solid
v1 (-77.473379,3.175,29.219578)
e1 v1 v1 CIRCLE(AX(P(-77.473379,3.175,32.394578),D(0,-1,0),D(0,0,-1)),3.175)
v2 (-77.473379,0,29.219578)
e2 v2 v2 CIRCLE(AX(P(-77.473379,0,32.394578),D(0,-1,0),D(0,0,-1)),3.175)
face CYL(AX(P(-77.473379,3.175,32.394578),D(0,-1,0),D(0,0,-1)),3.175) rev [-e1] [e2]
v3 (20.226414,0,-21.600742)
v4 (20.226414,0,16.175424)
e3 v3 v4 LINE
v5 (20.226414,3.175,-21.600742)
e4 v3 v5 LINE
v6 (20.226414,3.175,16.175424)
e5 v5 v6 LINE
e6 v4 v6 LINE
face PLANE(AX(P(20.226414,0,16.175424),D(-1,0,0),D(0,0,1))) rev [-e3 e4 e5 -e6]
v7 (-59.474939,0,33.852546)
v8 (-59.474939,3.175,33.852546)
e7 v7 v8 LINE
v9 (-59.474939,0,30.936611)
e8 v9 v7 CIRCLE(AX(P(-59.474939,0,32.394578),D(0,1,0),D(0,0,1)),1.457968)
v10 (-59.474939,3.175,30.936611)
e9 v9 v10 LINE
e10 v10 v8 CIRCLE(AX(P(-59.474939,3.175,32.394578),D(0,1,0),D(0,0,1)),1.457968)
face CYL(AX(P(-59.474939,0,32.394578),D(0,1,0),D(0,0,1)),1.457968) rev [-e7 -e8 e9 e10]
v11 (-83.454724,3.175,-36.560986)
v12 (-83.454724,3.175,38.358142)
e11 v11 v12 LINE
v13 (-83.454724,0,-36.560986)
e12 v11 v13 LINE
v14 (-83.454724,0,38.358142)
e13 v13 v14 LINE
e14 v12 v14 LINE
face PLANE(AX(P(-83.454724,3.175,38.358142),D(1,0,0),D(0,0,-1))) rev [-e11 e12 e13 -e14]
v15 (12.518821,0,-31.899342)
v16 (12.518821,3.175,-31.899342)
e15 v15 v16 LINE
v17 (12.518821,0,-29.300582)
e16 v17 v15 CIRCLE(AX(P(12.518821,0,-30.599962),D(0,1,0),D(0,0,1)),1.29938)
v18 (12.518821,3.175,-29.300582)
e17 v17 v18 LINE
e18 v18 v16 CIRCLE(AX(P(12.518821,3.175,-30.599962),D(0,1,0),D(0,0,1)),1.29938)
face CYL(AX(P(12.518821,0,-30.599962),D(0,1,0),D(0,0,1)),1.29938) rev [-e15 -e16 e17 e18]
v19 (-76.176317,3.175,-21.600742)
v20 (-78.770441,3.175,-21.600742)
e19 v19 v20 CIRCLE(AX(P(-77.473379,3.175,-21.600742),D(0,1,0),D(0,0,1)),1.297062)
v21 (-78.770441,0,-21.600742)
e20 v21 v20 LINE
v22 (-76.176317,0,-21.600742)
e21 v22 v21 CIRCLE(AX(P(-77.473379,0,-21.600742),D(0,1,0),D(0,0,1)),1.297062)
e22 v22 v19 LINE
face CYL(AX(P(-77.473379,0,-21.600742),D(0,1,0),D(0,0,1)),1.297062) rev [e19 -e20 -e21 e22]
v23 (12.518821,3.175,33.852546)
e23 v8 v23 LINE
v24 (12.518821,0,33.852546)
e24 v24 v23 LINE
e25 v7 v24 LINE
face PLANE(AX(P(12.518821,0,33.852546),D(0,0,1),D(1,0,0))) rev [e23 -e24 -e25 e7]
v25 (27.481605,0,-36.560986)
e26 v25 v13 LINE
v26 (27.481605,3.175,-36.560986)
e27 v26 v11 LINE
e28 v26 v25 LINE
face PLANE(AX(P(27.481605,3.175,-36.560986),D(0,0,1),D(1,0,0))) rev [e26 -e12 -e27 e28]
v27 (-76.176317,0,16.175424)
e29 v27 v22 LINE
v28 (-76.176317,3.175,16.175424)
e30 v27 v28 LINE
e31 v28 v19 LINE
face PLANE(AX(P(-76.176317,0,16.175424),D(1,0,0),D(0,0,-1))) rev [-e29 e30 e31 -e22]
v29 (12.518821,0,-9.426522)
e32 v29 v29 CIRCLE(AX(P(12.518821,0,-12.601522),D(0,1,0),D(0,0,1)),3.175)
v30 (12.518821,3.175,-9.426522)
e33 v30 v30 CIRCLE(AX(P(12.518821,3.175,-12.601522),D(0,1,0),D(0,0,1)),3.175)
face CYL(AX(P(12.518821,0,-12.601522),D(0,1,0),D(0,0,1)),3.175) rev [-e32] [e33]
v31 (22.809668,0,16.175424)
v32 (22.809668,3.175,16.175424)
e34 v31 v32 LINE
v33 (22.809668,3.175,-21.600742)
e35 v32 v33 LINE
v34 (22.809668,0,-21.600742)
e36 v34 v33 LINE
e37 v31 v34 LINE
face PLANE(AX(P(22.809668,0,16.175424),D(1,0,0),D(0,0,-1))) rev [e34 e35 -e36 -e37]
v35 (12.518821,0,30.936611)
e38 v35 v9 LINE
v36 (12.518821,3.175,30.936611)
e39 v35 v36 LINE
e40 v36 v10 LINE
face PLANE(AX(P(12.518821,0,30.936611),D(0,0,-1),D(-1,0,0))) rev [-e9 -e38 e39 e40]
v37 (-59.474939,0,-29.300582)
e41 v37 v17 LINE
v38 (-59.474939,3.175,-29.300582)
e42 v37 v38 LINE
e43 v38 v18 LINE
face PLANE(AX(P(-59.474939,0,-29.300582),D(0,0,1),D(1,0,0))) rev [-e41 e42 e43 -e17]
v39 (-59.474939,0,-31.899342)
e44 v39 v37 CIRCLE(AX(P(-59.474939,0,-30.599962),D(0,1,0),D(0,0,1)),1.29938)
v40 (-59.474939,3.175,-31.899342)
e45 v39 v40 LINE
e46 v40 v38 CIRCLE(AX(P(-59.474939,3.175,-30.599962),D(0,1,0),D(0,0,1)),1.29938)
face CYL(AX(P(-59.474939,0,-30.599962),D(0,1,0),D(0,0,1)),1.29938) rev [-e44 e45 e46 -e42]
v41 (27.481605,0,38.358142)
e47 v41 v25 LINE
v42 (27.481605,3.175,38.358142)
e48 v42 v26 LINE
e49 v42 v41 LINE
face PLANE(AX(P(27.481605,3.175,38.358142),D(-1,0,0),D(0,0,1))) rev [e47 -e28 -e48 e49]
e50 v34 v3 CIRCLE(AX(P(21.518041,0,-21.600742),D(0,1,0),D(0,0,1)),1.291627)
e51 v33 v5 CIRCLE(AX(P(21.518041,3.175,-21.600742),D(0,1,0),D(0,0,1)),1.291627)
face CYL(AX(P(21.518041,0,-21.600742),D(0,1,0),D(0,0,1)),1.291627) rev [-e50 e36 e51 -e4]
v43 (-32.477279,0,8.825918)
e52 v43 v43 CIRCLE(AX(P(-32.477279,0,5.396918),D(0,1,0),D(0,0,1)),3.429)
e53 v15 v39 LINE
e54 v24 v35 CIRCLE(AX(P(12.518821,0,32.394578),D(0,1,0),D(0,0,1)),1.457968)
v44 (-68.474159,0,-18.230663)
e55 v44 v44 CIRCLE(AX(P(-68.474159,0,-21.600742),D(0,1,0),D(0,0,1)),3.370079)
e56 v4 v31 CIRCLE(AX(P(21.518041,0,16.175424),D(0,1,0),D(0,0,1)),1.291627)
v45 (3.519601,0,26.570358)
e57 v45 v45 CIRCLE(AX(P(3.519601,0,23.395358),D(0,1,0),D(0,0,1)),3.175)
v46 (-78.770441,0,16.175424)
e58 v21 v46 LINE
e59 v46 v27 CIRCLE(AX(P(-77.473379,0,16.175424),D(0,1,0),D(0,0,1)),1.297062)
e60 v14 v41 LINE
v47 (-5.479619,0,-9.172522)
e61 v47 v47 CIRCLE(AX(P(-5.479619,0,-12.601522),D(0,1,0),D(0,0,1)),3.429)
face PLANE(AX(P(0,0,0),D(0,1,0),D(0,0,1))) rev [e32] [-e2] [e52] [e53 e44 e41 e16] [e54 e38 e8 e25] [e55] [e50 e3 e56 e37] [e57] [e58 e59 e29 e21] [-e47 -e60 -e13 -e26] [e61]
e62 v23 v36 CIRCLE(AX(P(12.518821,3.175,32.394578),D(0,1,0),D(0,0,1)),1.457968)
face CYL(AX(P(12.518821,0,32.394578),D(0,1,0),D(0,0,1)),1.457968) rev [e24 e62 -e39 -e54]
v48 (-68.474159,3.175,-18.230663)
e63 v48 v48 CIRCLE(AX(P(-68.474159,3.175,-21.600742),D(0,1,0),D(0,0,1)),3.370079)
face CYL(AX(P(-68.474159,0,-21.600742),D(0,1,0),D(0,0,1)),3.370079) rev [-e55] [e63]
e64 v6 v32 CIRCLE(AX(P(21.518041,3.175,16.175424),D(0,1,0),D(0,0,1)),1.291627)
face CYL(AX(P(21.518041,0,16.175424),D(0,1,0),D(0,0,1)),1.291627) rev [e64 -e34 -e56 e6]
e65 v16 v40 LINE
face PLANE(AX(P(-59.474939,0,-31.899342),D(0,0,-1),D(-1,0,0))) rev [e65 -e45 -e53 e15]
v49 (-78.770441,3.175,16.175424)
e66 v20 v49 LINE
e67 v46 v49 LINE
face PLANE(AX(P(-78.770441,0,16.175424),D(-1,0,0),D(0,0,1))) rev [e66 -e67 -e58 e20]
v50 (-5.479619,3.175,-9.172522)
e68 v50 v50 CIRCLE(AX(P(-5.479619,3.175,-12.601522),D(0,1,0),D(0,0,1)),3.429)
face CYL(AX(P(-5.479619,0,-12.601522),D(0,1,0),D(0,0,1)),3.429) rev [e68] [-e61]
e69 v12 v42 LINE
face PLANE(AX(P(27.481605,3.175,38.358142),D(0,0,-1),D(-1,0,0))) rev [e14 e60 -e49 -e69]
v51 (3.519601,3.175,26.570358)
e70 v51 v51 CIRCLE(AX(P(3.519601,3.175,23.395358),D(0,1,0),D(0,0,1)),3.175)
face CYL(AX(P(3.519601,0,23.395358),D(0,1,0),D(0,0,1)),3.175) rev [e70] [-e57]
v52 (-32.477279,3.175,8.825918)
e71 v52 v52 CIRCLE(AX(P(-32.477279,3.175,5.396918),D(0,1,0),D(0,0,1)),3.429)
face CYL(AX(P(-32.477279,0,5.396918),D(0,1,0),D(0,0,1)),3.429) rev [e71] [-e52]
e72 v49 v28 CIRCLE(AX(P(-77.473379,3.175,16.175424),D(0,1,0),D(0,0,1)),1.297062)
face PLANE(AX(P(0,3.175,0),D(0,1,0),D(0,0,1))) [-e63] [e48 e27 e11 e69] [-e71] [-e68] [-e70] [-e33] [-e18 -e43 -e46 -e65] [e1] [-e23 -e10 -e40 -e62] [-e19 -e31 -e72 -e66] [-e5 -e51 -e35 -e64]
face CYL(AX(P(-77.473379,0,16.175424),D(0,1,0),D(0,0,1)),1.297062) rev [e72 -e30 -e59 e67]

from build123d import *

# Parameters (mm, degrees)
SKETCH1_W           = 110.936328641
SKETCH1_H           = 74.919128642
BOSS_EXTRUDE1_DEPTH = 3.175
SKETCH2_R           = 3.175
CUT_EXTRUDE1_DEPTH  = 4.175
SKETCH10_R          = 3.175
CUT_EXTRUDE5_DEPTH  = 4.175
CUT_EXTRUDE6_DEPTH  = 4.175
SKETCH12_R          = 3.370079304
SKETCH12_R_2        = 3.429
CUT_EXTRUDE7_DEPTH  = 4.175


with BuildPart() as part:
    # Sketch1 → Boss-Extrude1 (new body)
    with BuildSketch(Plane(origin=(0, 0, 0), x_dir=(1, 0, 0), z_dir=(0, 1, 0))):
        with Locations((-27.986559238, -0.898578046)):
            Rectangle(SKETCH1_W, SKETCH1_H)
    extrude(amount=BOSS_EXTRUDE1_DEPTH)

    # Sketch2 → Cut-Extrude1 (cut, through all)
    with BuildSketch(Plane.XZ):
        with Locations((-77.473379238, 32.394578046)):
            Circle(SKETCH2_R)
    extrude(amount=-CUT_EXTRUDE1_DEPTH, mode=Mode.SUBTRACT)

    # Sketch10 → Cut-Extrude5 (cut, through all)
    with BuildSketch(Plane(origin=(0, 3.175, 0), x_dir=(1, 0, 0), z_dir=(0, 1, 0))):
        with Locations((3.519600762, -23.395358046)):
            Circle(SKETCH10_R)
        with Locations((12.518820762, 12.601521954)):
            Circle(SKETCH10_R)
    extrude(amount=-CUT_EXTRUDE5_DEPTH, mode=Mode.SUBTRACT)

    # Sketch11 → Cut-Extrude6 (cut, through all)
    with BuildSketch(Plane(origin=(0, 3.175, 0), x_dir=(1, 0, 0), z_dir=(0, 1, 0))):
        with BuildLine():
            Line((-78.770441311, -16.175423663), (-78.770441311, 21.600741954))
            ThreePointArc((-78.770441311, 21.600741954), (-77.473379238, 22.897804027), (-76.176317164, 21.600741954))
            Line((-76.176317164, 21.600741954), (-76.176317164, -16.175423663))
            ThreePointArc((-76.176317164, -16.175423663), (-77.473379238, -17.472485737), (-78.770441311, -16.175423663))
        make_face()
        with BuildLine():
            Line((-59.474939238, 31.899342378), (12.518820762, 31.899342378))
            ThreePointArc((12.518820762, 31.899342378), (13.818201186, 30.599961954), (12.518820762, 29.30058153))
            Line((12.518820762, 29.30058153), (-59.474939238, 29.30058153))
            ThreePointArc((-59.474939238, 29.30058153), (-60.774319661, 30.599961954), (-59.474939238, 31.899342378))
        make_face()
        with BuildLine():
            Line((12.518820762, -33.852545554), (-59.474939238, -33.852545554))
            ThreePointArc((-59.474939238, -33.852545554), (-60.932906745, -32.394578046), (-59.474939238, -30.936610538))
            Line((-59.474939238, -30.936610538), (12.518820762, -30.936610538))
            ThreePointArc((12.518820762, -30.936610538), (13.97678827, -32.394578046), (12.518820762, -33.852545554))
        make_face()
        with BuildLine():
            Line((20.226413943, -16.175423663), (20.226413943, 21.600741954))
            ThreePointArc((20.226413943, 21.600741954), (21.518040762, 22.892368774), (22.809667582, 21.600741954))
            Line((22.809667582, 21.600741954), (22.809667582, -16.175423663))
            ThreePointArc((22.809667582, -16.175423663), (21.518040762, -17.467050483), (20.226413943, -16.175423663))
        make_face()
    extrude(amount=-CUT_EXTRUDE6_DEPTH, mode=Mode.SUBTRACT)

    # Sketch12 → Cut-Extrude7 (cut, through all)
    with BuildSketch(Plane(origin=(0, 3.175, 0), x_dir=(1, 0, 0), z_dir=(0, 1, 0))):
        with Locations((-68.474159238, 21.600741954)):
            Circle(SKETCH12_R)
        with Locations((-32.477279238, -5.396918046)):
            Circle(SKETCH12_R_2)
        with Locations((-5.479619238, 12.601521954)):
            Circle(SKETCH12_R_2)
    extrude(amount=-CUT_EXTRUDE7_DEPTH, mode=Mode.SUBTRACT)


solid = part.part
